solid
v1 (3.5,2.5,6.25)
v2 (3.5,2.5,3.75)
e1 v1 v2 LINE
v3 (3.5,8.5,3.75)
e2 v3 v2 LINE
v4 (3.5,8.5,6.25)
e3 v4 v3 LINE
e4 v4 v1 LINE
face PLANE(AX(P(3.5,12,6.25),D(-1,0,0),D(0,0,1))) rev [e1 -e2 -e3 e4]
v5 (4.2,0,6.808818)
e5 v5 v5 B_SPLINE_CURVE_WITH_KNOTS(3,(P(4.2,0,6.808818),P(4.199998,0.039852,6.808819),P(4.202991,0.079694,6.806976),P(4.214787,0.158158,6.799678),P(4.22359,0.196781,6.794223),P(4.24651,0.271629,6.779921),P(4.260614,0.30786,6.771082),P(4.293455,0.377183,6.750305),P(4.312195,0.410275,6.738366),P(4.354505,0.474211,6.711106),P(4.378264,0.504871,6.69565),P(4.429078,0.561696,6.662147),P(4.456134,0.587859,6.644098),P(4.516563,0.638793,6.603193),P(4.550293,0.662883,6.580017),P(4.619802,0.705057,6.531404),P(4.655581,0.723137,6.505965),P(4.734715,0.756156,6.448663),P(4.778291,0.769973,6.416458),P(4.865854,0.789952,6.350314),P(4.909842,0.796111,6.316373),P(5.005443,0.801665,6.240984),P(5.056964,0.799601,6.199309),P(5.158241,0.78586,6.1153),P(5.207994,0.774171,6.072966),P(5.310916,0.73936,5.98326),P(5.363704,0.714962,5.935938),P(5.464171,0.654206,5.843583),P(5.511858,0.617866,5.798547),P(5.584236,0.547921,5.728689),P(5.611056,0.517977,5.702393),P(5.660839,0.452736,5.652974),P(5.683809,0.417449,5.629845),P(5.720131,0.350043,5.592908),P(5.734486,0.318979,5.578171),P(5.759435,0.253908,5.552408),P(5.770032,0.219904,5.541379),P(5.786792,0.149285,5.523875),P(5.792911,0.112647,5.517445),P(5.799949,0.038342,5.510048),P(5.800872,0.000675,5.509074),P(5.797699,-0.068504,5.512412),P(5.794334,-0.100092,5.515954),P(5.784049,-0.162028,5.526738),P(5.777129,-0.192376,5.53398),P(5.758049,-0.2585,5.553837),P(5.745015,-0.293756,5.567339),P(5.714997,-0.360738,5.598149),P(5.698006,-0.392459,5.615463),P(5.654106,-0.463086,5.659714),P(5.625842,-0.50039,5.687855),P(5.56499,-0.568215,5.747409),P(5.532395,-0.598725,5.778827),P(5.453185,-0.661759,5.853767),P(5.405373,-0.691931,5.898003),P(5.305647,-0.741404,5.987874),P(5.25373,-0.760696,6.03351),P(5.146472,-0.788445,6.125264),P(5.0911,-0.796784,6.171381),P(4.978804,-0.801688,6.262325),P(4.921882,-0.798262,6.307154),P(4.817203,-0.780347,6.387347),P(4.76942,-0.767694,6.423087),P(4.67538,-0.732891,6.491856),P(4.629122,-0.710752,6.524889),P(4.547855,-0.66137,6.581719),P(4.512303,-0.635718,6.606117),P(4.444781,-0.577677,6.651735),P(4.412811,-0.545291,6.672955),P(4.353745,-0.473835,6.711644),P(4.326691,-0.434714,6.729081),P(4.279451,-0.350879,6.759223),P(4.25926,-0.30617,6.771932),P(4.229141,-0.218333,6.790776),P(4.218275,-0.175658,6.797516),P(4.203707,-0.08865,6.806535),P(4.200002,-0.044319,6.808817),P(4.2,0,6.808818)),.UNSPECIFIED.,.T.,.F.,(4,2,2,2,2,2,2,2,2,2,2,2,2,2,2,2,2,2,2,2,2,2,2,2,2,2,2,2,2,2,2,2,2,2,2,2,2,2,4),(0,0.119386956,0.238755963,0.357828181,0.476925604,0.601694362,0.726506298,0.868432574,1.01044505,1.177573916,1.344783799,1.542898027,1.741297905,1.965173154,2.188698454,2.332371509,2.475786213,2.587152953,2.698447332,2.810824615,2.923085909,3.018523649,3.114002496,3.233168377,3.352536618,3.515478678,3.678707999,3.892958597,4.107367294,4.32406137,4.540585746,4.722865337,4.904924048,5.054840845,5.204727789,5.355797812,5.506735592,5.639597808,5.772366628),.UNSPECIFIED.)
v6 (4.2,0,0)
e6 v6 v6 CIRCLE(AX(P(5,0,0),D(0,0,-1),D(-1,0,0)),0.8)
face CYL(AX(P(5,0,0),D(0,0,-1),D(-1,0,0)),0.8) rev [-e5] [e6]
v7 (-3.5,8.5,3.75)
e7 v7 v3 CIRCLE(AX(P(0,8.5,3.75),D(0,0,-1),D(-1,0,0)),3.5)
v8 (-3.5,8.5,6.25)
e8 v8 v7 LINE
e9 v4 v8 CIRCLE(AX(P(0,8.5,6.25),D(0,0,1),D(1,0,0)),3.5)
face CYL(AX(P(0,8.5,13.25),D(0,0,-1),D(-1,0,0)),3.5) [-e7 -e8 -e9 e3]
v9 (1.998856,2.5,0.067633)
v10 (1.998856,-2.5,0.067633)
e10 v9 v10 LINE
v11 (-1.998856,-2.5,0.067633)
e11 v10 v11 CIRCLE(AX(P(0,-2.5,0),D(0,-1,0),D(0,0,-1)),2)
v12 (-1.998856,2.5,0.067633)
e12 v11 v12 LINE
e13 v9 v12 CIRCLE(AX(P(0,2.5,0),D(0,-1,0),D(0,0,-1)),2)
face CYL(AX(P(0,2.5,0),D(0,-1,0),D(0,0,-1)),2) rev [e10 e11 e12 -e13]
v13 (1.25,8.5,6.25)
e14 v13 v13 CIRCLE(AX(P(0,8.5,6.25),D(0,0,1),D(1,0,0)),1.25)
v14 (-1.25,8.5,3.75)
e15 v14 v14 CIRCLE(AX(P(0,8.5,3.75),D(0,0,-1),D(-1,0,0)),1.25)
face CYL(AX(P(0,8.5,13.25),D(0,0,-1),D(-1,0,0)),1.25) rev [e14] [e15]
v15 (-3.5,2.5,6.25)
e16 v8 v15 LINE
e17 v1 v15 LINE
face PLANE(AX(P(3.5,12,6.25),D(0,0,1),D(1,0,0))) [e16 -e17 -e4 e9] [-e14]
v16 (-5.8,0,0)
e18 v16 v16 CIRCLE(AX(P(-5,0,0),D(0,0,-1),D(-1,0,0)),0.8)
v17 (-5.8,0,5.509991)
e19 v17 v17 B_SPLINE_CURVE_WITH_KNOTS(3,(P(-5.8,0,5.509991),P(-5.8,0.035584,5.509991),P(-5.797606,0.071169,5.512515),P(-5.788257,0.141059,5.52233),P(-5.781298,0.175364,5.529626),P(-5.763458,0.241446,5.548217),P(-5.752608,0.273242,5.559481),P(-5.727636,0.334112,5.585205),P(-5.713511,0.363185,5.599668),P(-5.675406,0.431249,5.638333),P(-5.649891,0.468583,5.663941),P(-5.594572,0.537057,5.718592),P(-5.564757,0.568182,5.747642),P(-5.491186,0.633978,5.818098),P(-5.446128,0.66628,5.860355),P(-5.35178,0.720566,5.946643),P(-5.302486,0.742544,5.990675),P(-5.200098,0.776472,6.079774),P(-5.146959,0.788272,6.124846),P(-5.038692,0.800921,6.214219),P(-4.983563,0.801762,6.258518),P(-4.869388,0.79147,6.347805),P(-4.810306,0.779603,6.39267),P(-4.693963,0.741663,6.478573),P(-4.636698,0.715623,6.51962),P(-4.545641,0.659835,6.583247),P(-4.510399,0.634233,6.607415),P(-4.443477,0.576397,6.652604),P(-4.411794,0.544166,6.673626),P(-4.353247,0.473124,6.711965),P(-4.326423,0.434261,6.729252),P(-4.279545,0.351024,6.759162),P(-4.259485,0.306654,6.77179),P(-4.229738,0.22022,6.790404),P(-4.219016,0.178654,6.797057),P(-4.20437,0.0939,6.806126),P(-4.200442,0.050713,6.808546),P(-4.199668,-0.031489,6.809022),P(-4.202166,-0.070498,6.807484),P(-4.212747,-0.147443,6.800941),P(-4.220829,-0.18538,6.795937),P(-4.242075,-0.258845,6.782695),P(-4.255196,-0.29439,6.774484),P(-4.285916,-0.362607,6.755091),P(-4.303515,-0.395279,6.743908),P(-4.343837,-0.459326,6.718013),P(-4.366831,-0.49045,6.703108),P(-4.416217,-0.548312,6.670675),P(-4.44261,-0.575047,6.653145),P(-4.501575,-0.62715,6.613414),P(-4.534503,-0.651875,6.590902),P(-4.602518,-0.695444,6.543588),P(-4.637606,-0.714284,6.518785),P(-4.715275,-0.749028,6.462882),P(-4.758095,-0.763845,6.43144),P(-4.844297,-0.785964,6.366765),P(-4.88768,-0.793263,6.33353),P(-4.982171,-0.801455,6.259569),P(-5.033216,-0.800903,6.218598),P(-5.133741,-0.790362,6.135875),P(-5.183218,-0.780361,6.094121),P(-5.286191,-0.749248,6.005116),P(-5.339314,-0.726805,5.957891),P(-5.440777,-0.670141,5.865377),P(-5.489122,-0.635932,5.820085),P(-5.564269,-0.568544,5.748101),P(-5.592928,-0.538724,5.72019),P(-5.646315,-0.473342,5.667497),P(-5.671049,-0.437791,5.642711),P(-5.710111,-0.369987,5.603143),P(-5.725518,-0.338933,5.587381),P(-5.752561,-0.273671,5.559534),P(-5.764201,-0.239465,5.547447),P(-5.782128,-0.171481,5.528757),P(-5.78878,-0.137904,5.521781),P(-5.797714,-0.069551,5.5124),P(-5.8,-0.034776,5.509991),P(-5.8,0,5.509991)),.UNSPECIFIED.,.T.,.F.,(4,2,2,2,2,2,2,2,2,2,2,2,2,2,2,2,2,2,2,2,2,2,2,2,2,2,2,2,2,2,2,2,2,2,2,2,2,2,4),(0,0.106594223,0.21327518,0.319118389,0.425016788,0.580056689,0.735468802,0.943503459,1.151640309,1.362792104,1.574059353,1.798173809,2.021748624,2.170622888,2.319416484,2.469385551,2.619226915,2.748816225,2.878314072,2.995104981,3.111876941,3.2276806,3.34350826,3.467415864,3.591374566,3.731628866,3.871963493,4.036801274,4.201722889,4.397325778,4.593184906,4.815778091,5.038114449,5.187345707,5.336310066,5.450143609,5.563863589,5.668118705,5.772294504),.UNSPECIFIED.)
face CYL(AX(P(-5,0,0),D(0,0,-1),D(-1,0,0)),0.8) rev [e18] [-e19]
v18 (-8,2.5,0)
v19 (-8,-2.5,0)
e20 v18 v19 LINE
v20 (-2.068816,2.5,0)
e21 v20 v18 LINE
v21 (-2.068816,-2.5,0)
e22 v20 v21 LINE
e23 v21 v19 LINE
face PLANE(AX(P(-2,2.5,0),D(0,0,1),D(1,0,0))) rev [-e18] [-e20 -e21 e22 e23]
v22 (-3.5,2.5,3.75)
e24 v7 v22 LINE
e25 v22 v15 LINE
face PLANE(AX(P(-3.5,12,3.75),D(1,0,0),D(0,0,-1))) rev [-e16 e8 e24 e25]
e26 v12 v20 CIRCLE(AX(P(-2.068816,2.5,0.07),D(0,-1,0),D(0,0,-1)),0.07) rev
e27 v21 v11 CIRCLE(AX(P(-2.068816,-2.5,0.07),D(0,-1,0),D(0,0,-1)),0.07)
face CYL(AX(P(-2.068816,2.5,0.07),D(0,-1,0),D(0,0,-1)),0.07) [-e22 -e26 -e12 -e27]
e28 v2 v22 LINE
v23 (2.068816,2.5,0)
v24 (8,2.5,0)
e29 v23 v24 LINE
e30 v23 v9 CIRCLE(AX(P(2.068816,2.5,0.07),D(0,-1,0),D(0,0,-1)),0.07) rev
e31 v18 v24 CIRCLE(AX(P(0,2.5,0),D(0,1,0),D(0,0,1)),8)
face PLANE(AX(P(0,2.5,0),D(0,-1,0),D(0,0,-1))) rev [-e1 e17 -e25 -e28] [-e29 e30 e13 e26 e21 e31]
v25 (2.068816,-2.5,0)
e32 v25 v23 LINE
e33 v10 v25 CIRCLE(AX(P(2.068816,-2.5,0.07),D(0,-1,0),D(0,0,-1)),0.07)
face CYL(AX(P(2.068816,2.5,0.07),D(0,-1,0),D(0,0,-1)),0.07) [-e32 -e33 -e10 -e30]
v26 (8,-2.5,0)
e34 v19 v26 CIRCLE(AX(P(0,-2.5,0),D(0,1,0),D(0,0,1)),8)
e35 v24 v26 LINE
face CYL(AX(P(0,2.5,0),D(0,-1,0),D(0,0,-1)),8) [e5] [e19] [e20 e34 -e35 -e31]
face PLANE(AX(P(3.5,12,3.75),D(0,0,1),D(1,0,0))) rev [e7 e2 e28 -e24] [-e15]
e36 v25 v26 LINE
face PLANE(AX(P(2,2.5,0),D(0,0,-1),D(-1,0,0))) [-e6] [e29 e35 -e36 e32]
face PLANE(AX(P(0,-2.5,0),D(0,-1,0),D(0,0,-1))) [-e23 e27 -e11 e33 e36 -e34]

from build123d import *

# Parameters (mm, degrees)
BOSS_EXTRUDE1_DEPTH   = 2.5
SKETCH2_W             = 7
SKETCH2_H             = 2.5
BOSS_EXTRUDE2_DEPTH   = 9.5
CUT_EXTRUDE1_DEPTH    = 9.5
SKETCH4_R             = 1.25
CUT_EXTRUDE2_DEPTH    = 9.5
M2X0_4_TAPPED_HOLE1_D = 1.6
FILLET1_R             = 0.07


with BuildPart() as part:
    # Sketch1 → Boss-Extrude1 (new body, symmetric)
    with BuildSketch(Plane(origin=(0, 0, 0), x_dir=(1, 0, 0), z_dir=(0, 1, 0))):
        with BuildLine():
            Line((2, 0), (8, 0))
            ThreePointArc((8, 0), (0, -8), (-8, 0))
            Line((-8, 0), (-2, 0))
            ThreePointArc((-2, 0), (0, -2), (2, 0))
        make_face()
    extrude(amount=BOSS_EXTRUDE1_DEPTH, both=True)

    # Sketch2 → Boss-Extrude2 (add)
    with BuildSketch(Plane(origin=(0, 2.5, 0), x_dir=(1, 0, 0), z_dir=(0, 1, 0))):
        with Locations((0, -5)):
            Rectangle(SKETCH2_W, SKETCH2_H)
    extrude(amount=BOSS_EXTRUDE2_DEPTH)

    # Sketch3 → Cut-Extrude1 (cut)
    with BuildSketch(Plane(origin=(0, 0, 3.75), x_dir=(-1, 0, 0), z_dir=(0, 0, -1))):
        with BuildLine():
            Line((-3.5, 8.5), (-3.5, 14.886359519))
            Line((-3.5, 14.886359519), (0, 16.809201746))
            Line((0, 16.809201746), (3.5, 14.5))
            Line((3.5, 14.5), (3.5, 8.5))
            ThreePointArc((3.5, 8.5), (0, 12), (-3.5, 8.5))
        make_face()
    extrude(amount=-CUT_EXTRUDE1_DEPTH, mode=Mode.SUBTRACT)

    # Sketch4 → Cut-Extrude2 (cut)
    with BuildSketch(Plane(origin=(0, 0, 3.75), x_dir=(-1, 0, 0), z_dir=(0, 0, -1))):
        with Locations((0, 8.5)):
            Circle(SKETCH4_R)
    extrude(amount=-CUT_EXTRUDE2_DEPTH, mode=Mode.SUBTRACT)

    # M2x0.4 Tapped Hole1 (through all)
    with Locations(Plane(origin=(0, 0, 0), x_dir=(-1, 0, 0), z_dir=(0, 0, -1))):
        with Locations((-5, 0), (5, 0)):
            Hole(M2X0_4_TAPPED_HOLE1_D / 2)

    # Fillet1
    fillet1_edges = [part.edges().sort_by_distance(p)[0] for p in [
        (2, 0, 0),
        (-2, 0, 0),
    ]]
    fillet(fillet1_edges, radius=FILLET1_R)


solid = part.part
